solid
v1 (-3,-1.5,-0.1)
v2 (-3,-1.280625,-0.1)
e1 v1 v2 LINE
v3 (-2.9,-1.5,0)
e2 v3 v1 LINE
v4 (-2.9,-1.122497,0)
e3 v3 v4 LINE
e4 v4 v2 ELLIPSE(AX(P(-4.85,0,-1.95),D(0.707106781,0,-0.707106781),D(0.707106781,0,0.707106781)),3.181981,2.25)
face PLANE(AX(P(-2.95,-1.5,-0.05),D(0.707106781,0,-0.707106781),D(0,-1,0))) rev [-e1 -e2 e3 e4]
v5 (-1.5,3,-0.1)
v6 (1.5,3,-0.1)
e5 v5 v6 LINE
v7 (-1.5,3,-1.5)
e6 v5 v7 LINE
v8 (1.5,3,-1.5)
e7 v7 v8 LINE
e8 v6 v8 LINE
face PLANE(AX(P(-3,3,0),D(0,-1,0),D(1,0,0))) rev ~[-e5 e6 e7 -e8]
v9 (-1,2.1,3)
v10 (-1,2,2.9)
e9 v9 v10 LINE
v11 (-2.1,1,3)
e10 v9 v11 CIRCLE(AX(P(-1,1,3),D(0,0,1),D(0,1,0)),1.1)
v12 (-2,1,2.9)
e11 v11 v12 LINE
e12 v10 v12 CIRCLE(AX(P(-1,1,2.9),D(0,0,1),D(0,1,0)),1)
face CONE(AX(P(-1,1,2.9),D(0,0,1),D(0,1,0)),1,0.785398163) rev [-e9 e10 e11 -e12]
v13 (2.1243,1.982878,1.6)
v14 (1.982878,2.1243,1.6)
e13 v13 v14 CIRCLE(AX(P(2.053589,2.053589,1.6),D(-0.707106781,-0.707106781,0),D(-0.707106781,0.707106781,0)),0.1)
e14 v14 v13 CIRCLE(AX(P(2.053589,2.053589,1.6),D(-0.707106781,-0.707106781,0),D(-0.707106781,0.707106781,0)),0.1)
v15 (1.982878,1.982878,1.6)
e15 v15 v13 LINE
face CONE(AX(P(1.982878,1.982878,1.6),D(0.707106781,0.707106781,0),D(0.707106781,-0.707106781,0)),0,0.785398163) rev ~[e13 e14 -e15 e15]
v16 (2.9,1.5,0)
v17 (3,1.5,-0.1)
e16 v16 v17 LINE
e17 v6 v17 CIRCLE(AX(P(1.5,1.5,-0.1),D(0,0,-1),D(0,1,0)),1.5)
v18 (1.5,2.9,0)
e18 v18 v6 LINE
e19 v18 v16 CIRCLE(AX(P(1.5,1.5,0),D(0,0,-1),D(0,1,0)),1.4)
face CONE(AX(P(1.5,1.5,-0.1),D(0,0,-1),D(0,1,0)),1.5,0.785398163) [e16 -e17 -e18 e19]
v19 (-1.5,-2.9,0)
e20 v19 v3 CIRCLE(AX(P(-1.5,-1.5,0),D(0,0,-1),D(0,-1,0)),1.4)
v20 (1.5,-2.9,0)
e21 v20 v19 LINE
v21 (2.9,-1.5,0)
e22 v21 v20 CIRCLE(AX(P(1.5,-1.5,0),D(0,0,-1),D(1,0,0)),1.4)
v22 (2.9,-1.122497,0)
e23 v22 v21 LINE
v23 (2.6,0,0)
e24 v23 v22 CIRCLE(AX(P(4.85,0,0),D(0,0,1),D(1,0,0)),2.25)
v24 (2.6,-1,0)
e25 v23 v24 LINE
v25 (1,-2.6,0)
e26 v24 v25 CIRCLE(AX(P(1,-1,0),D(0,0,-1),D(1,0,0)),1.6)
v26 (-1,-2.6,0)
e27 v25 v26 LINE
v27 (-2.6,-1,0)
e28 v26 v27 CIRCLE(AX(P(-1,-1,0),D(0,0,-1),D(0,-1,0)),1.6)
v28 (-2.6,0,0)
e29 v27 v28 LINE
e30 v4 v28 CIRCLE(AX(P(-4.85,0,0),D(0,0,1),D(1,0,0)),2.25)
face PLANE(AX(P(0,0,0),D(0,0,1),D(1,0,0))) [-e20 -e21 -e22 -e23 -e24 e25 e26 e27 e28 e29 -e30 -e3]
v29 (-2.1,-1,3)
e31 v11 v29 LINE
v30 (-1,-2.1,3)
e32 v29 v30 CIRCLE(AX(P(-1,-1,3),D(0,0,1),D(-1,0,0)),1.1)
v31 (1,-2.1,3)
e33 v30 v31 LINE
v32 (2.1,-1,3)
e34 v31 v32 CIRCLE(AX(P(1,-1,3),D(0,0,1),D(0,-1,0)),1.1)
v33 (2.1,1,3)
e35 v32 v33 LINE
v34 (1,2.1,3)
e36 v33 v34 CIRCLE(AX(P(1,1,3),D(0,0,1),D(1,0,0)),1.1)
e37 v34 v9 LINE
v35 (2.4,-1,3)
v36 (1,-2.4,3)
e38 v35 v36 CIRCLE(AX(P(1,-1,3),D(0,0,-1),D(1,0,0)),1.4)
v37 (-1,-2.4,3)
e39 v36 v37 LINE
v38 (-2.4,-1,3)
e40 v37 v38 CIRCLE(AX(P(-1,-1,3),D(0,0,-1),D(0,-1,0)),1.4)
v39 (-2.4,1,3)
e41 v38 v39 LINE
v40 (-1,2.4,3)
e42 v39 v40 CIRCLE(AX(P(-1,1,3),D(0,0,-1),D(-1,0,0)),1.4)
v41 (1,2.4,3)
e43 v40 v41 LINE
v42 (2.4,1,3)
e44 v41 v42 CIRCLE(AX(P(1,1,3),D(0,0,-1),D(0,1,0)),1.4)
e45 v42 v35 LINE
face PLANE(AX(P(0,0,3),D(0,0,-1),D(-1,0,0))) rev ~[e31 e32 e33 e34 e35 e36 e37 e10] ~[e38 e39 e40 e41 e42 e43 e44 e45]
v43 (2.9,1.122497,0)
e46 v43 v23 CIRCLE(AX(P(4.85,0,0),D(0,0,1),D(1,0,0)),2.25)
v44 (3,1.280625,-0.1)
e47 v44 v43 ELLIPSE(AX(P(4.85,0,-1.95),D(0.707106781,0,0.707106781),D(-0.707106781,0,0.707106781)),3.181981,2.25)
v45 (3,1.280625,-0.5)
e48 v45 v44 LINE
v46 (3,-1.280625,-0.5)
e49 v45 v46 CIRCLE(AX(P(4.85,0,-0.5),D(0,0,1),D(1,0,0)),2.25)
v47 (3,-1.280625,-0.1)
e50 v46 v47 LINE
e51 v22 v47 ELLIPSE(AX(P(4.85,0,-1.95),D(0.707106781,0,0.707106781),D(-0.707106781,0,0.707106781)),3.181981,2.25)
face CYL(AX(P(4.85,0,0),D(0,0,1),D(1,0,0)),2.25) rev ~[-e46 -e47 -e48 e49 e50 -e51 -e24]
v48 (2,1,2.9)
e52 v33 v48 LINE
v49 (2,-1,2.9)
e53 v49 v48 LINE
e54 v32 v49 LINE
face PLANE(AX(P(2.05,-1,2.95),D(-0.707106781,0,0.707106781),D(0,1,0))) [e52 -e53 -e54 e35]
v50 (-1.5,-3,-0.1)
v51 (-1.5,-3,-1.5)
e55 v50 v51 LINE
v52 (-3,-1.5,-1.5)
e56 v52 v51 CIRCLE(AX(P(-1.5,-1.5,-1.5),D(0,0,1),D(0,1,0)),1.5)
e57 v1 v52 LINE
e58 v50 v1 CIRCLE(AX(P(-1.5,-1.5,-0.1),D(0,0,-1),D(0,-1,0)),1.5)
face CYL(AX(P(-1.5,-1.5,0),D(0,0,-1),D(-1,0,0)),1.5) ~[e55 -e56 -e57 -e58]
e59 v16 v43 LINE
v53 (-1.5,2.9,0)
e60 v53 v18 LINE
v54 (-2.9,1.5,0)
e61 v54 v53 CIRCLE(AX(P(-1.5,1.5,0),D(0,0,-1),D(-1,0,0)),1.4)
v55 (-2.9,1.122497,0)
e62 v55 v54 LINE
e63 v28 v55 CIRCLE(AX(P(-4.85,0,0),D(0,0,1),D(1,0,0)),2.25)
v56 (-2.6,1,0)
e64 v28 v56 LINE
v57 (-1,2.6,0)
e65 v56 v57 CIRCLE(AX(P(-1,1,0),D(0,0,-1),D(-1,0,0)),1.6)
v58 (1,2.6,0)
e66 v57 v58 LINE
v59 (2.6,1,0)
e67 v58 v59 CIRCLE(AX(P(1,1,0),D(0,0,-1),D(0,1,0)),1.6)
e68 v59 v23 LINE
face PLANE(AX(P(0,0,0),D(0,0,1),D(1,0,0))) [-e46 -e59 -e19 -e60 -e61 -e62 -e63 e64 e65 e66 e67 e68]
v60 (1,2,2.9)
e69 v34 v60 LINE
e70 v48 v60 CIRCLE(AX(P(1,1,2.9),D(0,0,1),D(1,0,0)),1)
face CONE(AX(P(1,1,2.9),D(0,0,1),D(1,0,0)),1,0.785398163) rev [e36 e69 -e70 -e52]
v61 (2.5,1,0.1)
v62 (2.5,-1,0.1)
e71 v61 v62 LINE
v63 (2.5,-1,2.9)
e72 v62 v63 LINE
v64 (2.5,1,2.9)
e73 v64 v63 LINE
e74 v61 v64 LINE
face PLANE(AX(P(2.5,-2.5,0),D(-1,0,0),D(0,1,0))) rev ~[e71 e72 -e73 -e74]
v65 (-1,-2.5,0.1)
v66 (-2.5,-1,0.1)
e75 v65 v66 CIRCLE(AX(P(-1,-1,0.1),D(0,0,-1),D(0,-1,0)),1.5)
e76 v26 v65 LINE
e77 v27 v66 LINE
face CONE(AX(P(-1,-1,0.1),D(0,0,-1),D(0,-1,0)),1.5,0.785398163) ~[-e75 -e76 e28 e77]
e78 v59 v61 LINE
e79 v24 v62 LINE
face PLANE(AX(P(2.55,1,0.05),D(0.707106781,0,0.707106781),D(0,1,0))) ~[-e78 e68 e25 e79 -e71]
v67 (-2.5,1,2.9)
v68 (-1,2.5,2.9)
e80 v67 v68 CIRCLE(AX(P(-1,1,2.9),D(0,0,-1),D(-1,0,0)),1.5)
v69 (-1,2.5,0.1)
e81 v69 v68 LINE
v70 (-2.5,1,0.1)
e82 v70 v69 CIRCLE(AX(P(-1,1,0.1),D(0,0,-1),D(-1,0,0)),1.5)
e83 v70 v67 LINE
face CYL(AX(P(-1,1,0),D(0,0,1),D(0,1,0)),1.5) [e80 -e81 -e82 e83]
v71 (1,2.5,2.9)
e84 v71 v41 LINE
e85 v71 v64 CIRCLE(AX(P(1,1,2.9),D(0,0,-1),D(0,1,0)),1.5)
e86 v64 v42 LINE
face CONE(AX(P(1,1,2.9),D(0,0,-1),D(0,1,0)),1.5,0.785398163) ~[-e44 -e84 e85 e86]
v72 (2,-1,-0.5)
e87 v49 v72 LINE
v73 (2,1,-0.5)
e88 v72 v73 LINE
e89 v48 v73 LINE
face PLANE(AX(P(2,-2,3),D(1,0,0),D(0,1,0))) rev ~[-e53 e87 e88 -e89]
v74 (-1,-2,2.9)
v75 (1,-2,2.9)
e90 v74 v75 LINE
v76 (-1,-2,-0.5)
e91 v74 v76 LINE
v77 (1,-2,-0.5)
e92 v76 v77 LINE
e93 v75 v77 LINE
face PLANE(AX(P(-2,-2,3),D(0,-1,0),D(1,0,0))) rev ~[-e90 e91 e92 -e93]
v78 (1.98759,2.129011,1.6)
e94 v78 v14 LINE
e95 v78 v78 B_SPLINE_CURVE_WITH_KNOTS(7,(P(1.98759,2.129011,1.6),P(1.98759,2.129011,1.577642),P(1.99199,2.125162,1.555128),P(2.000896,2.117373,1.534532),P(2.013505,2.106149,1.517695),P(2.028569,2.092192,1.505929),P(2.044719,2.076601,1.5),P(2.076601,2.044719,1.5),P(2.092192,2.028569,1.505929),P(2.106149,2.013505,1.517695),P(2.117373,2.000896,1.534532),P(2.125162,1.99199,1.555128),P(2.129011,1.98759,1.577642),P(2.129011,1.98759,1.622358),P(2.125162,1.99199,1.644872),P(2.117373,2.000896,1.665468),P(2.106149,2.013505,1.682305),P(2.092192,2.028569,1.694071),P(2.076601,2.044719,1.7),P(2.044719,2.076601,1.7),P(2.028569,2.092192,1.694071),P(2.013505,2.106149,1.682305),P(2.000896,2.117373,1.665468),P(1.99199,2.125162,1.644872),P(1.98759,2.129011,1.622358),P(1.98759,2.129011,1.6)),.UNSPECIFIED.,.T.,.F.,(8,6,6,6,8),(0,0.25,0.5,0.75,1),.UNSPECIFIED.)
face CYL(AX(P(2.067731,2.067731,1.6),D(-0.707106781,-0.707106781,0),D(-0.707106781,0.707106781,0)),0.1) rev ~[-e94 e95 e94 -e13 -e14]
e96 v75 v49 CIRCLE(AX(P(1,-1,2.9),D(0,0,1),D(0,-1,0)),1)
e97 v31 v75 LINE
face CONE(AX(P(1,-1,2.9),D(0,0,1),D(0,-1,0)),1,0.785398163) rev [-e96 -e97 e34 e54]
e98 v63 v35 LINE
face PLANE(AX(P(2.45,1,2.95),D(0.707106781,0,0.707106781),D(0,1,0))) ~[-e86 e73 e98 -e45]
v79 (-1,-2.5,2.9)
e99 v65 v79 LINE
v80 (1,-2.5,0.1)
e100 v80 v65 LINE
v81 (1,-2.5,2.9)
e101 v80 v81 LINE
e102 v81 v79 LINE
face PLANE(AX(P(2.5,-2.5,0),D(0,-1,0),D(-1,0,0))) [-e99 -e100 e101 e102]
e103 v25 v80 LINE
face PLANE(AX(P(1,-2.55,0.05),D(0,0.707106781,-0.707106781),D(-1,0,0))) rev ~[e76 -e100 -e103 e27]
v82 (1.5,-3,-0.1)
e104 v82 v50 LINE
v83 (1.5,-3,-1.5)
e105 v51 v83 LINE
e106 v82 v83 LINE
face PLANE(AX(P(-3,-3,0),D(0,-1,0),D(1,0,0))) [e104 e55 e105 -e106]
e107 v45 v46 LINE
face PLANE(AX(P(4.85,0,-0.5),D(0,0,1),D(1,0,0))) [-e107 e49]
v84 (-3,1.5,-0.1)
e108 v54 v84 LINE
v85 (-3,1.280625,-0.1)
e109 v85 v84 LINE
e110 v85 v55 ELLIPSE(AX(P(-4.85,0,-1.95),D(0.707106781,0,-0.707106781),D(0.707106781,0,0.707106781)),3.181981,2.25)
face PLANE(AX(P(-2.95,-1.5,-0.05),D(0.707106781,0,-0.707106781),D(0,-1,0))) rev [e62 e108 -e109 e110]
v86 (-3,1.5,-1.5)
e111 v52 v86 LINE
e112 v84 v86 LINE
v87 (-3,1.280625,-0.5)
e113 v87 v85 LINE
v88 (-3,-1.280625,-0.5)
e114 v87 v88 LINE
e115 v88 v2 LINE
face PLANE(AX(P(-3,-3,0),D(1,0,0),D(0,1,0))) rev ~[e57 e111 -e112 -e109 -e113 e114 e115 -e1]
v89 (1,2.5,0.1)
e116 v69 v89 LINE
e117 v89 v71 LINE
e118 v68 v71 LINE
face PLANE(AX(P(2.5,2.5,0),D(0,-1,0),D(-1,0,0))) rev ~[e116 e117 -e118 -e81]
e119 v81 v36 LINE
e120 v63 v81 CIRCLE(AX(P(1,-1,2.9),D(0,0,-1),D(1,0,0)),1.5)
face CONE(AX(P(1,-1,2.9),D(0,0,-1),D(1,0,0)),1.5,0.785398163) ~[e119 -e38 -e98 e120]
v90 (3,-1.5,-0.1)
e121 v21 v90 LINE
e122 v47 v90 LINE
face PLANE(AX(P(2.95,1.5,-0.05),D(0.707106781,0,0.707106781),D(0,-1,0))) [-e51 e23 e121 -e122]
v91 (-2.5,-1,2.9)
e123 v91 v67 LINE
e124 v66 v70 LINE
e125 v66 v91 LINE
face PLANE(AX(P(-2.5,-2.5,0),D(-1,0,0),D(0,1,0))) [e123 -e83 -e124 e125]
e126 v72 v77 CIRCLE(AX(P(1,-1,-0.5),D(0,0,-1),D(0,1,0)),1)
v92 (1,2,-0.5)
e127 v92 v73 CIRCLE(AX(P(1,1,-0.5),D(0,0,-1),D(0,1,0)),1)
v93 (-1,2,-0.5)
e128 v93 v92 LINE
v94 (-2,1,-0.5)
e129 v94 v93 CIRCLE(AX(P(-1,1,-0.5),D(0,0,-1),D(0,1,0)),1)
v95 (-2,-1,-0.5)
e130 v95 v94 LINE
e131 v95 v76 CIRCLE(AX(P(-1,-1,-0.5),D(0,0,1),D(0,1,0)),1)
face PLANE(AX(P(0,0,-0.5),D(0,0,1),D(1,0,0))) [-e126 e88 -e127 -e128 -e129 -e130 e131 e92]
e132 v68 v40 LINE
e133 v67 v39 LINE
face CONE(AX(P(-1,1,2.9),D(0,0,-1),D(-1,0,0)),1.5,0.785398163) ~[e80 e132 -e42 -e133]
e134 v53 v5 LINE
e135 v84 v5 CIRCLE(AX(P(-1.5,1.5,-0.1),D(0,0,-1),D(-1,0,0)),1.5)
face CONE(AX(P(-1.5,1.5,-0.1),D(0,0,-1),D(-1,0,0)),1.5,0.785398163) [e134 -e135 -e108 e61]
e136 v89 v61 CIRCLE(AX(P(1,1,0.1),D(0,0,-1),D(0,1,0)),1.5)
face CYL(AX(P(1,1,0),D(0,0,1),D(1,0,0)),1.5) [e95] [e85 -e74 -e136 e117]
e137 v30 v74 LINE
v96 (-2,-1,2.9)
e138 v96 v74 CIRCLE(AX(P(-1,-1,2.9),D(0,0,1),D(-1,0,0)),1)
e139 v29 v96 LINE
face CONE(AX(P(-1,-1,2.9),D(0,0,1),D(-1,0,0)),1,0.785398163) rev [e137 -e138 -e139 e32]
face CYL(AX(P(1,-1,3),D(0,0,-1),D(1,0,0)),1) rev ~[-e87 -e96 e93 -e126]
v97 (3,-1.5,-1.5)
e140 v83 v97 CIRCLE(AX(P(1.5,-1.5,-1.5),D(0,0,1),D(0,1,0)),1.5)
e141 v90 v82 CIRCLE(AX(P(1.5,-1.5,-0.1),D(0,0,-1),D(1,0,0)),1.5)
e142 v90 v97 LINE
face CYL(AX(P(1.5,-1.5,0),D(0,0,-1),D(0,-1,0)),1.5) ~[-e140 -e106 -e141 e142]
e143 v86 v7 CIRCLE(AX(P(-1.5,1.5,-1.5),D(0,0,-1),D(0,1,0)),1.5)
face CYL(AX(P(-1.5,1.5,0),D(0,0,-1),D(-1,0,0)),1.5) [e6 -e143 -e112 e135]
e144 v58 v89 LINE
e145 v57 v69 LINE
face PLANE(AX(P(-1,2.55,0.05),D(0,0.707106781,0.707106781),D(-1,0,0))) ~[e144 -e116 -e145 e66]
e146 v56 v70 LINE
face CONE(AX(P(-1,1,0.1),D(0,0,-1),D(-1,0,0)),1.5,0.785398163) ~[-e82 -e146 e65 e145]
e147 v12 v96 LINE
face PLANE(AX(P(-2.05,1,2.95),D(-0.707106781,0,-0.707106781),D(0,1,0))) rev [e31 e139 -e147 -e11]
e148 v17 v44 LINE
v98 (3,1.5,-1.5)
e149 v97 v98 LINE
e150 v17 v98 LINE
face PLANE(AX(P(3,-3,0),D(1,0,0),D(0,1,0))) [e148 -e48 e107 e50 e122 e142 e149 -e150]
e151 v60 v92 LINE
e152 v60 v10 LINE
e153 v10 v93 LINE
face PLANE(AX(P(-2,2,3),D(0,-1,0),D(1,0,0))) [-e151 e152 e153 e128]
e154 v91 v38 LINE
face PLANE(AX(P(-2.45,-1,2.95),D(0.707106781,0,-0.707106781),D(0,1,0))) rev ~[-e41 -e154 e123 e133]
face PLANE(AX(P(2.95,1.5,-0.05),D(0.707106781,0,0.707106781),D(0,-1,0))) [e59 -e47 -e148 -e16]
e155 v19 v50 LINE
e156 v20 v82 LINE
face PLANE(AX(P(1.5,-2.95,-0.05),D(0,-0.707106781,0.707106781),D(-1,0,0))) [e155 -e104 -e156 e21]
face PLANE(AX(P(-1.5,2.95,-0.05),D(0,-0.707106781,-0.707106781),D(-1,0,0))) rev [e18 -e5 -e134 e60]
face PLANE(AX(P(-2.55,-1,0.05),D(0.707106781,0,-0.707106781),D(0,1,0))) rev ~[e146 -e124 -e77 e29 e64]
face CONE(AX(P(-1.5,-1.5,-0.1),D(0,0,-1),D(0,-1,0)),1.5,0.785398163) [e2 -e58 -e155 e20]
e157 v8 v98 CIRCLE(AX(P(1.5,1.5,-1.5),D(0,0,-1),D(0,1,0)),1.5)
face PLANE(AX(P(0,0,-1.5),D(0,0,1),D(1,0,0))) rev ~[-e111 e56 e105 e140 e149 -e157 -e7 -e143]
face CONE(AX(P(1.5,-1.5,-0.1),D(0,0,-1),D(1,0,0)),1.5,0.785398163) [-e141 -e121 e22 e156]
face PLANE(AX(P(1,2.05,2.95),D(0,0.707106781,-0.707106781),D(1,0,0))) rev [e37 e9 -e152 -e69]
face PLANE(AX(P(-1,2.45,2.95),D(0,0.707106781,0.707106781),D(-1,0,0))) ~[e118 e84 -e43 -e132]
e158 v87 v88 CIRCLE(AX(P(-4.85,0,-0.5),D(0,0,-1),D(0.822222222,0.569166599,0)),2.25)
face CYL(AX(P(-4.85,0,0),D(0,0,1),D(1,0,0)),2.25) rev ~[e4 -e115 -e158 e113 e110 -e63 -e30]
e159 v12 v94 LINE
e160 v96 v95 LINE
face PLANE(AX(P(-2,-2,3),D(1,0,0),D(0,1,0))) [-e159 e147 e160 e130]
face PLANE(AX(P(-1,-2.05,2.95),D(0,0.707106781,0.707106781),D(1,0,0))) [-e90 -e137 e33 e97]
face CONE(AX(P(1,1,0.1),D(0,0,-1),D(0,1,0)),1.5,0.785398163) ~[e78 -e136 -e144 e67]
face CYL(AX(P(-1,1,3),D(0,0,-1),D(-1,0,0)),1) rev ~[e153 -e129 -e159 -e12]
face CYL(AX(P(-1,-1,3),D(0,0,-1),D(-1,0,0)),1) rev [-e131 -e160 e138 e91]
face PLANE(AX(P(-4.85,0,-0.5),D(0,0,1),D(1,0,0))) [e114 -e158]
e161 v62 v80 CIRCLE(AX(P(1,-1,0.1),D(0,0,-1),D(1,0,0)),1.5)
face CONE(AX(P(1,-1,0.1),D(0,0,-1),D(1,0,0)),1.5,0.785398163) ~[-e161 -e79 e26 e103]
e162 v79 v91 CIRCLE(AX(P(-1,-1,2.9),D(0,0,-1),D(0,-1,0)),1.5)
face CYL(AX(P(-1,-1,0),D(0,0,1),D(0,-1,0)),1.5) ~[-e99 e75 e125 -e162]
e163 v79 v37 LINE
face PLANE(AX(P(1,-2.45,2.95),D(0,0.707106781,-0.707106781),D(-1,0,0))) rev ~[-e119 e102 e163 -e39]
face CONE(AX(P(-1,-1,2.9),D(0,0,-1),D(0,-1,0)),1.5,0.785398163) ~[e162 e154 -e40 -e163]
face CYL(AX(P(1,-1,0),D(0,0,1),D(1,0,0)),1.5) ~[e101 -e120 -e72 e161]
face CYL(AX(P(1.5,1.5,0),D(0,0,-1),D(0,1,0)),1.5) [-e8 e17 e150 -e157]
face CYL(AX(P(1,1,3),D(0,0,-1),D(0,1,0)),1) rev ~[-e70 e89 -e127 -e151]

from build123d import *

# Parameters (mm, degrees)
SKIZZE1_W                            = 6
SKIZZE1_H                            = 6
AUFSATZ_LINEAR_AUSTRAGEN1_DEPTH      = 1.5
SKIZZE2_W                            = 5
SKIZZE2_H                            = 5
AUFSATZ_LINEAR_AUSTRAGEN2_DEPTH      = 3
SKIZZE3_W                            = 4
SKIZZE3_H                            = 4
SCHNITT_LINEAR_AUSTRAGEN1_DEPTH      = 3.5
VERRUNDUNG1_R                        = 1
VERRUNDUNG2_R                        = 1.5
VERRUNDUNG3_R                        = 1.5
FASE1_SIZE                           = 0.1
F_0_2_0_2_DURCHMESSER_BOHRUNG5_D     = 0.2
F_0_2_0_2_DURCHMESSER_BOHRUNG5_DEPTH = 0.01
F_0_2_0_2_DURCHMESSER_BOHRUNG5_TIP   = 0.1
SKIZZE7_R                            = 2.25
SCHNITT_LINEAR_AUSTRAGEN2_DEPTH      = 0.5


with BuildPart() as part:
    # Skizze1 → Aufsatz-Linear austragen1 (new body)
    with BuildSketch(Plane.XY):
        Rectangle(SKIZZE1_W, SKIZZE1_H)
    extrude(amount=-AUFSATZ_LINEAR_AUSTRAGEN1_DEPTH)

    # Skizze2 → Aufsatz-Linear austragen2 (add)
    with BuildSketch(Plane(origin=(0, 0, 0), x_dir=(-1, 0, 0), z_dir=(0, 0, -1))):
        Rectangle(SKIZZE2_W, SKIZZE2_H)
    extrude(amount=-AUFSATZ_LINEAR_AUSTRAGEN2_DEPTH)

    # Skizze3 → Schnitt-Linear austragen1 (cut)
    with BuildSketch(Plane.XY.offset(3)):
        Rectangle(SKIZZE3_W, SKIZZE3_H)
    extrude(amount=-SCHNITT_LINEAR_AUSTRAGEN1_DEPTH, mode=Mode.SUBTRACT)

    # Verrundung1
    verrundung1_edges = [part.edges().sort_by_distance(p)[0] for p in [
        (2, 2, 1.25),
        (2, -2, 1.25),
        (-2, -2, 1.25),
        (-2, 2, 1.25),
    ]]
    fillet(verrundung1_edges, radius=VERRUNDUNG1_R)

    # Verrundung2
    verrundung2_edges = [part.edges().sort_by_distance(p)[0] for p in [
        (-2.5, 2.5, 1.5),
        (-2.5, -2.5, 1.5),
        (2.5, -2.5, 1.5),
        (2.5, 2.5, 1.5),
    ]]
    fillet(verrundung2_edges, radius=VERRUNDUNG2_R)

    # Verrundung3
    verrundung3_edges = [part.edges().sort_by_distance(p)[0] for p in [
        (3, -3, -0.75),
        (-3, -3, -0.75),
        (-3, 3, -0.75),
        (3, 3, -0.75),
    ]]
    fillet(verrundung3_edges, radius=VERRUNDUNG3_R)

    # Fase1
    fase1_edges = [part.edges().sort_by_distance(p)[0] for p in [
        (0, -2, 3),
        (-2, 0, 3),
        (2, 0, 3),
        (0, 2, 3),
        (-1.707106781, -1.707106781, 3),
        (1.707106781, -1.707106781, 3),
        (1.707106781, 1.707106781, 3),
        (-1.707106781, 1.707106781, 3),
        (0, -2.5, 0),
        (0, -2.5, 3),
        (-2.5, 0, 0),
        (-2.5, 0, 3),
        (2.5, 0, 3),
        (0, 2.5, 3),
        (-2.060660172, 2.060660172, 3),
        (2.060660172, 2.060660172, 3),
        (2.060660172, -2.060660172, 3),
        (-2.060660172, -2.060660172, 3),
        (2.5, 0, 0),
        (0, 2.5, 0),
        (-2.060660172, -2.060660172, 0),
        (2.060660172, -2.060660172, 0),
        (2.060660172, 2.060660172, 0),
        (-2.060660172, 2.060660172, 0),
        (-3, 0, 0),
        (3, 0, 0),
        (0, 3, 0),
        (0, -3, 0),
        (-2.560660172, 2.560660172, 0),
        (2.560660172, 2.560660172, 0),
        (2.560660172, -2.560660172, 0),
        (-2.560660172, -2.560660172, 0),
    ]]
    chamfer(fase1_edges, length=FASE1_SIZE)

    # Ø0.2 (0.2) Durchmesser Bohrung5
    with Locations(Plane(origin=(2.060660172, 2.060660172, 0), x_dir=(0.707106781, -0.707106781, 0), z_dir=(0.707106781, 0.707106781, 0))):
        with Locations((0, -1.6)):
            Hole(F_0_2_0_2_DURCHMESSER_BOHRUNG5_D / 2, depth=F_0_2_0_2_DURCHMESSER_BOHRUNG5_DEPTH)
            with Locations((0, 0, -(F_0_2_0_2_DURCHMESSER_BOHRUNG5_DEPTH + F_0_2_0_2_DURCHMESSER_BOHRUNG5_TIP / 2))):  # 90° drill point
                Cone(0, F_0_2_0_2_DURCHMESSER_BOHRUNG5_D / 2, F_0_2_0_2_DURCHMESSER_BOHRUNG5_TIP, mode=Mode.SUBTRACT)

    # Skizze7 → Schnitt-Linear austragen2 (cut)
    with BuildSketch(Plane.XY):
        with Locations((-4.85, 0)):
            Circle(SKIZZE7_R)
        with Locations((4.85, 0)):
            Circle(SKIZZE7_R)
    extrude(amount=-SCHNITT_LINEAR_AUSTRAGEN2_DEPTH, mode=Mode.SUBTRACT)


solid = part.part
